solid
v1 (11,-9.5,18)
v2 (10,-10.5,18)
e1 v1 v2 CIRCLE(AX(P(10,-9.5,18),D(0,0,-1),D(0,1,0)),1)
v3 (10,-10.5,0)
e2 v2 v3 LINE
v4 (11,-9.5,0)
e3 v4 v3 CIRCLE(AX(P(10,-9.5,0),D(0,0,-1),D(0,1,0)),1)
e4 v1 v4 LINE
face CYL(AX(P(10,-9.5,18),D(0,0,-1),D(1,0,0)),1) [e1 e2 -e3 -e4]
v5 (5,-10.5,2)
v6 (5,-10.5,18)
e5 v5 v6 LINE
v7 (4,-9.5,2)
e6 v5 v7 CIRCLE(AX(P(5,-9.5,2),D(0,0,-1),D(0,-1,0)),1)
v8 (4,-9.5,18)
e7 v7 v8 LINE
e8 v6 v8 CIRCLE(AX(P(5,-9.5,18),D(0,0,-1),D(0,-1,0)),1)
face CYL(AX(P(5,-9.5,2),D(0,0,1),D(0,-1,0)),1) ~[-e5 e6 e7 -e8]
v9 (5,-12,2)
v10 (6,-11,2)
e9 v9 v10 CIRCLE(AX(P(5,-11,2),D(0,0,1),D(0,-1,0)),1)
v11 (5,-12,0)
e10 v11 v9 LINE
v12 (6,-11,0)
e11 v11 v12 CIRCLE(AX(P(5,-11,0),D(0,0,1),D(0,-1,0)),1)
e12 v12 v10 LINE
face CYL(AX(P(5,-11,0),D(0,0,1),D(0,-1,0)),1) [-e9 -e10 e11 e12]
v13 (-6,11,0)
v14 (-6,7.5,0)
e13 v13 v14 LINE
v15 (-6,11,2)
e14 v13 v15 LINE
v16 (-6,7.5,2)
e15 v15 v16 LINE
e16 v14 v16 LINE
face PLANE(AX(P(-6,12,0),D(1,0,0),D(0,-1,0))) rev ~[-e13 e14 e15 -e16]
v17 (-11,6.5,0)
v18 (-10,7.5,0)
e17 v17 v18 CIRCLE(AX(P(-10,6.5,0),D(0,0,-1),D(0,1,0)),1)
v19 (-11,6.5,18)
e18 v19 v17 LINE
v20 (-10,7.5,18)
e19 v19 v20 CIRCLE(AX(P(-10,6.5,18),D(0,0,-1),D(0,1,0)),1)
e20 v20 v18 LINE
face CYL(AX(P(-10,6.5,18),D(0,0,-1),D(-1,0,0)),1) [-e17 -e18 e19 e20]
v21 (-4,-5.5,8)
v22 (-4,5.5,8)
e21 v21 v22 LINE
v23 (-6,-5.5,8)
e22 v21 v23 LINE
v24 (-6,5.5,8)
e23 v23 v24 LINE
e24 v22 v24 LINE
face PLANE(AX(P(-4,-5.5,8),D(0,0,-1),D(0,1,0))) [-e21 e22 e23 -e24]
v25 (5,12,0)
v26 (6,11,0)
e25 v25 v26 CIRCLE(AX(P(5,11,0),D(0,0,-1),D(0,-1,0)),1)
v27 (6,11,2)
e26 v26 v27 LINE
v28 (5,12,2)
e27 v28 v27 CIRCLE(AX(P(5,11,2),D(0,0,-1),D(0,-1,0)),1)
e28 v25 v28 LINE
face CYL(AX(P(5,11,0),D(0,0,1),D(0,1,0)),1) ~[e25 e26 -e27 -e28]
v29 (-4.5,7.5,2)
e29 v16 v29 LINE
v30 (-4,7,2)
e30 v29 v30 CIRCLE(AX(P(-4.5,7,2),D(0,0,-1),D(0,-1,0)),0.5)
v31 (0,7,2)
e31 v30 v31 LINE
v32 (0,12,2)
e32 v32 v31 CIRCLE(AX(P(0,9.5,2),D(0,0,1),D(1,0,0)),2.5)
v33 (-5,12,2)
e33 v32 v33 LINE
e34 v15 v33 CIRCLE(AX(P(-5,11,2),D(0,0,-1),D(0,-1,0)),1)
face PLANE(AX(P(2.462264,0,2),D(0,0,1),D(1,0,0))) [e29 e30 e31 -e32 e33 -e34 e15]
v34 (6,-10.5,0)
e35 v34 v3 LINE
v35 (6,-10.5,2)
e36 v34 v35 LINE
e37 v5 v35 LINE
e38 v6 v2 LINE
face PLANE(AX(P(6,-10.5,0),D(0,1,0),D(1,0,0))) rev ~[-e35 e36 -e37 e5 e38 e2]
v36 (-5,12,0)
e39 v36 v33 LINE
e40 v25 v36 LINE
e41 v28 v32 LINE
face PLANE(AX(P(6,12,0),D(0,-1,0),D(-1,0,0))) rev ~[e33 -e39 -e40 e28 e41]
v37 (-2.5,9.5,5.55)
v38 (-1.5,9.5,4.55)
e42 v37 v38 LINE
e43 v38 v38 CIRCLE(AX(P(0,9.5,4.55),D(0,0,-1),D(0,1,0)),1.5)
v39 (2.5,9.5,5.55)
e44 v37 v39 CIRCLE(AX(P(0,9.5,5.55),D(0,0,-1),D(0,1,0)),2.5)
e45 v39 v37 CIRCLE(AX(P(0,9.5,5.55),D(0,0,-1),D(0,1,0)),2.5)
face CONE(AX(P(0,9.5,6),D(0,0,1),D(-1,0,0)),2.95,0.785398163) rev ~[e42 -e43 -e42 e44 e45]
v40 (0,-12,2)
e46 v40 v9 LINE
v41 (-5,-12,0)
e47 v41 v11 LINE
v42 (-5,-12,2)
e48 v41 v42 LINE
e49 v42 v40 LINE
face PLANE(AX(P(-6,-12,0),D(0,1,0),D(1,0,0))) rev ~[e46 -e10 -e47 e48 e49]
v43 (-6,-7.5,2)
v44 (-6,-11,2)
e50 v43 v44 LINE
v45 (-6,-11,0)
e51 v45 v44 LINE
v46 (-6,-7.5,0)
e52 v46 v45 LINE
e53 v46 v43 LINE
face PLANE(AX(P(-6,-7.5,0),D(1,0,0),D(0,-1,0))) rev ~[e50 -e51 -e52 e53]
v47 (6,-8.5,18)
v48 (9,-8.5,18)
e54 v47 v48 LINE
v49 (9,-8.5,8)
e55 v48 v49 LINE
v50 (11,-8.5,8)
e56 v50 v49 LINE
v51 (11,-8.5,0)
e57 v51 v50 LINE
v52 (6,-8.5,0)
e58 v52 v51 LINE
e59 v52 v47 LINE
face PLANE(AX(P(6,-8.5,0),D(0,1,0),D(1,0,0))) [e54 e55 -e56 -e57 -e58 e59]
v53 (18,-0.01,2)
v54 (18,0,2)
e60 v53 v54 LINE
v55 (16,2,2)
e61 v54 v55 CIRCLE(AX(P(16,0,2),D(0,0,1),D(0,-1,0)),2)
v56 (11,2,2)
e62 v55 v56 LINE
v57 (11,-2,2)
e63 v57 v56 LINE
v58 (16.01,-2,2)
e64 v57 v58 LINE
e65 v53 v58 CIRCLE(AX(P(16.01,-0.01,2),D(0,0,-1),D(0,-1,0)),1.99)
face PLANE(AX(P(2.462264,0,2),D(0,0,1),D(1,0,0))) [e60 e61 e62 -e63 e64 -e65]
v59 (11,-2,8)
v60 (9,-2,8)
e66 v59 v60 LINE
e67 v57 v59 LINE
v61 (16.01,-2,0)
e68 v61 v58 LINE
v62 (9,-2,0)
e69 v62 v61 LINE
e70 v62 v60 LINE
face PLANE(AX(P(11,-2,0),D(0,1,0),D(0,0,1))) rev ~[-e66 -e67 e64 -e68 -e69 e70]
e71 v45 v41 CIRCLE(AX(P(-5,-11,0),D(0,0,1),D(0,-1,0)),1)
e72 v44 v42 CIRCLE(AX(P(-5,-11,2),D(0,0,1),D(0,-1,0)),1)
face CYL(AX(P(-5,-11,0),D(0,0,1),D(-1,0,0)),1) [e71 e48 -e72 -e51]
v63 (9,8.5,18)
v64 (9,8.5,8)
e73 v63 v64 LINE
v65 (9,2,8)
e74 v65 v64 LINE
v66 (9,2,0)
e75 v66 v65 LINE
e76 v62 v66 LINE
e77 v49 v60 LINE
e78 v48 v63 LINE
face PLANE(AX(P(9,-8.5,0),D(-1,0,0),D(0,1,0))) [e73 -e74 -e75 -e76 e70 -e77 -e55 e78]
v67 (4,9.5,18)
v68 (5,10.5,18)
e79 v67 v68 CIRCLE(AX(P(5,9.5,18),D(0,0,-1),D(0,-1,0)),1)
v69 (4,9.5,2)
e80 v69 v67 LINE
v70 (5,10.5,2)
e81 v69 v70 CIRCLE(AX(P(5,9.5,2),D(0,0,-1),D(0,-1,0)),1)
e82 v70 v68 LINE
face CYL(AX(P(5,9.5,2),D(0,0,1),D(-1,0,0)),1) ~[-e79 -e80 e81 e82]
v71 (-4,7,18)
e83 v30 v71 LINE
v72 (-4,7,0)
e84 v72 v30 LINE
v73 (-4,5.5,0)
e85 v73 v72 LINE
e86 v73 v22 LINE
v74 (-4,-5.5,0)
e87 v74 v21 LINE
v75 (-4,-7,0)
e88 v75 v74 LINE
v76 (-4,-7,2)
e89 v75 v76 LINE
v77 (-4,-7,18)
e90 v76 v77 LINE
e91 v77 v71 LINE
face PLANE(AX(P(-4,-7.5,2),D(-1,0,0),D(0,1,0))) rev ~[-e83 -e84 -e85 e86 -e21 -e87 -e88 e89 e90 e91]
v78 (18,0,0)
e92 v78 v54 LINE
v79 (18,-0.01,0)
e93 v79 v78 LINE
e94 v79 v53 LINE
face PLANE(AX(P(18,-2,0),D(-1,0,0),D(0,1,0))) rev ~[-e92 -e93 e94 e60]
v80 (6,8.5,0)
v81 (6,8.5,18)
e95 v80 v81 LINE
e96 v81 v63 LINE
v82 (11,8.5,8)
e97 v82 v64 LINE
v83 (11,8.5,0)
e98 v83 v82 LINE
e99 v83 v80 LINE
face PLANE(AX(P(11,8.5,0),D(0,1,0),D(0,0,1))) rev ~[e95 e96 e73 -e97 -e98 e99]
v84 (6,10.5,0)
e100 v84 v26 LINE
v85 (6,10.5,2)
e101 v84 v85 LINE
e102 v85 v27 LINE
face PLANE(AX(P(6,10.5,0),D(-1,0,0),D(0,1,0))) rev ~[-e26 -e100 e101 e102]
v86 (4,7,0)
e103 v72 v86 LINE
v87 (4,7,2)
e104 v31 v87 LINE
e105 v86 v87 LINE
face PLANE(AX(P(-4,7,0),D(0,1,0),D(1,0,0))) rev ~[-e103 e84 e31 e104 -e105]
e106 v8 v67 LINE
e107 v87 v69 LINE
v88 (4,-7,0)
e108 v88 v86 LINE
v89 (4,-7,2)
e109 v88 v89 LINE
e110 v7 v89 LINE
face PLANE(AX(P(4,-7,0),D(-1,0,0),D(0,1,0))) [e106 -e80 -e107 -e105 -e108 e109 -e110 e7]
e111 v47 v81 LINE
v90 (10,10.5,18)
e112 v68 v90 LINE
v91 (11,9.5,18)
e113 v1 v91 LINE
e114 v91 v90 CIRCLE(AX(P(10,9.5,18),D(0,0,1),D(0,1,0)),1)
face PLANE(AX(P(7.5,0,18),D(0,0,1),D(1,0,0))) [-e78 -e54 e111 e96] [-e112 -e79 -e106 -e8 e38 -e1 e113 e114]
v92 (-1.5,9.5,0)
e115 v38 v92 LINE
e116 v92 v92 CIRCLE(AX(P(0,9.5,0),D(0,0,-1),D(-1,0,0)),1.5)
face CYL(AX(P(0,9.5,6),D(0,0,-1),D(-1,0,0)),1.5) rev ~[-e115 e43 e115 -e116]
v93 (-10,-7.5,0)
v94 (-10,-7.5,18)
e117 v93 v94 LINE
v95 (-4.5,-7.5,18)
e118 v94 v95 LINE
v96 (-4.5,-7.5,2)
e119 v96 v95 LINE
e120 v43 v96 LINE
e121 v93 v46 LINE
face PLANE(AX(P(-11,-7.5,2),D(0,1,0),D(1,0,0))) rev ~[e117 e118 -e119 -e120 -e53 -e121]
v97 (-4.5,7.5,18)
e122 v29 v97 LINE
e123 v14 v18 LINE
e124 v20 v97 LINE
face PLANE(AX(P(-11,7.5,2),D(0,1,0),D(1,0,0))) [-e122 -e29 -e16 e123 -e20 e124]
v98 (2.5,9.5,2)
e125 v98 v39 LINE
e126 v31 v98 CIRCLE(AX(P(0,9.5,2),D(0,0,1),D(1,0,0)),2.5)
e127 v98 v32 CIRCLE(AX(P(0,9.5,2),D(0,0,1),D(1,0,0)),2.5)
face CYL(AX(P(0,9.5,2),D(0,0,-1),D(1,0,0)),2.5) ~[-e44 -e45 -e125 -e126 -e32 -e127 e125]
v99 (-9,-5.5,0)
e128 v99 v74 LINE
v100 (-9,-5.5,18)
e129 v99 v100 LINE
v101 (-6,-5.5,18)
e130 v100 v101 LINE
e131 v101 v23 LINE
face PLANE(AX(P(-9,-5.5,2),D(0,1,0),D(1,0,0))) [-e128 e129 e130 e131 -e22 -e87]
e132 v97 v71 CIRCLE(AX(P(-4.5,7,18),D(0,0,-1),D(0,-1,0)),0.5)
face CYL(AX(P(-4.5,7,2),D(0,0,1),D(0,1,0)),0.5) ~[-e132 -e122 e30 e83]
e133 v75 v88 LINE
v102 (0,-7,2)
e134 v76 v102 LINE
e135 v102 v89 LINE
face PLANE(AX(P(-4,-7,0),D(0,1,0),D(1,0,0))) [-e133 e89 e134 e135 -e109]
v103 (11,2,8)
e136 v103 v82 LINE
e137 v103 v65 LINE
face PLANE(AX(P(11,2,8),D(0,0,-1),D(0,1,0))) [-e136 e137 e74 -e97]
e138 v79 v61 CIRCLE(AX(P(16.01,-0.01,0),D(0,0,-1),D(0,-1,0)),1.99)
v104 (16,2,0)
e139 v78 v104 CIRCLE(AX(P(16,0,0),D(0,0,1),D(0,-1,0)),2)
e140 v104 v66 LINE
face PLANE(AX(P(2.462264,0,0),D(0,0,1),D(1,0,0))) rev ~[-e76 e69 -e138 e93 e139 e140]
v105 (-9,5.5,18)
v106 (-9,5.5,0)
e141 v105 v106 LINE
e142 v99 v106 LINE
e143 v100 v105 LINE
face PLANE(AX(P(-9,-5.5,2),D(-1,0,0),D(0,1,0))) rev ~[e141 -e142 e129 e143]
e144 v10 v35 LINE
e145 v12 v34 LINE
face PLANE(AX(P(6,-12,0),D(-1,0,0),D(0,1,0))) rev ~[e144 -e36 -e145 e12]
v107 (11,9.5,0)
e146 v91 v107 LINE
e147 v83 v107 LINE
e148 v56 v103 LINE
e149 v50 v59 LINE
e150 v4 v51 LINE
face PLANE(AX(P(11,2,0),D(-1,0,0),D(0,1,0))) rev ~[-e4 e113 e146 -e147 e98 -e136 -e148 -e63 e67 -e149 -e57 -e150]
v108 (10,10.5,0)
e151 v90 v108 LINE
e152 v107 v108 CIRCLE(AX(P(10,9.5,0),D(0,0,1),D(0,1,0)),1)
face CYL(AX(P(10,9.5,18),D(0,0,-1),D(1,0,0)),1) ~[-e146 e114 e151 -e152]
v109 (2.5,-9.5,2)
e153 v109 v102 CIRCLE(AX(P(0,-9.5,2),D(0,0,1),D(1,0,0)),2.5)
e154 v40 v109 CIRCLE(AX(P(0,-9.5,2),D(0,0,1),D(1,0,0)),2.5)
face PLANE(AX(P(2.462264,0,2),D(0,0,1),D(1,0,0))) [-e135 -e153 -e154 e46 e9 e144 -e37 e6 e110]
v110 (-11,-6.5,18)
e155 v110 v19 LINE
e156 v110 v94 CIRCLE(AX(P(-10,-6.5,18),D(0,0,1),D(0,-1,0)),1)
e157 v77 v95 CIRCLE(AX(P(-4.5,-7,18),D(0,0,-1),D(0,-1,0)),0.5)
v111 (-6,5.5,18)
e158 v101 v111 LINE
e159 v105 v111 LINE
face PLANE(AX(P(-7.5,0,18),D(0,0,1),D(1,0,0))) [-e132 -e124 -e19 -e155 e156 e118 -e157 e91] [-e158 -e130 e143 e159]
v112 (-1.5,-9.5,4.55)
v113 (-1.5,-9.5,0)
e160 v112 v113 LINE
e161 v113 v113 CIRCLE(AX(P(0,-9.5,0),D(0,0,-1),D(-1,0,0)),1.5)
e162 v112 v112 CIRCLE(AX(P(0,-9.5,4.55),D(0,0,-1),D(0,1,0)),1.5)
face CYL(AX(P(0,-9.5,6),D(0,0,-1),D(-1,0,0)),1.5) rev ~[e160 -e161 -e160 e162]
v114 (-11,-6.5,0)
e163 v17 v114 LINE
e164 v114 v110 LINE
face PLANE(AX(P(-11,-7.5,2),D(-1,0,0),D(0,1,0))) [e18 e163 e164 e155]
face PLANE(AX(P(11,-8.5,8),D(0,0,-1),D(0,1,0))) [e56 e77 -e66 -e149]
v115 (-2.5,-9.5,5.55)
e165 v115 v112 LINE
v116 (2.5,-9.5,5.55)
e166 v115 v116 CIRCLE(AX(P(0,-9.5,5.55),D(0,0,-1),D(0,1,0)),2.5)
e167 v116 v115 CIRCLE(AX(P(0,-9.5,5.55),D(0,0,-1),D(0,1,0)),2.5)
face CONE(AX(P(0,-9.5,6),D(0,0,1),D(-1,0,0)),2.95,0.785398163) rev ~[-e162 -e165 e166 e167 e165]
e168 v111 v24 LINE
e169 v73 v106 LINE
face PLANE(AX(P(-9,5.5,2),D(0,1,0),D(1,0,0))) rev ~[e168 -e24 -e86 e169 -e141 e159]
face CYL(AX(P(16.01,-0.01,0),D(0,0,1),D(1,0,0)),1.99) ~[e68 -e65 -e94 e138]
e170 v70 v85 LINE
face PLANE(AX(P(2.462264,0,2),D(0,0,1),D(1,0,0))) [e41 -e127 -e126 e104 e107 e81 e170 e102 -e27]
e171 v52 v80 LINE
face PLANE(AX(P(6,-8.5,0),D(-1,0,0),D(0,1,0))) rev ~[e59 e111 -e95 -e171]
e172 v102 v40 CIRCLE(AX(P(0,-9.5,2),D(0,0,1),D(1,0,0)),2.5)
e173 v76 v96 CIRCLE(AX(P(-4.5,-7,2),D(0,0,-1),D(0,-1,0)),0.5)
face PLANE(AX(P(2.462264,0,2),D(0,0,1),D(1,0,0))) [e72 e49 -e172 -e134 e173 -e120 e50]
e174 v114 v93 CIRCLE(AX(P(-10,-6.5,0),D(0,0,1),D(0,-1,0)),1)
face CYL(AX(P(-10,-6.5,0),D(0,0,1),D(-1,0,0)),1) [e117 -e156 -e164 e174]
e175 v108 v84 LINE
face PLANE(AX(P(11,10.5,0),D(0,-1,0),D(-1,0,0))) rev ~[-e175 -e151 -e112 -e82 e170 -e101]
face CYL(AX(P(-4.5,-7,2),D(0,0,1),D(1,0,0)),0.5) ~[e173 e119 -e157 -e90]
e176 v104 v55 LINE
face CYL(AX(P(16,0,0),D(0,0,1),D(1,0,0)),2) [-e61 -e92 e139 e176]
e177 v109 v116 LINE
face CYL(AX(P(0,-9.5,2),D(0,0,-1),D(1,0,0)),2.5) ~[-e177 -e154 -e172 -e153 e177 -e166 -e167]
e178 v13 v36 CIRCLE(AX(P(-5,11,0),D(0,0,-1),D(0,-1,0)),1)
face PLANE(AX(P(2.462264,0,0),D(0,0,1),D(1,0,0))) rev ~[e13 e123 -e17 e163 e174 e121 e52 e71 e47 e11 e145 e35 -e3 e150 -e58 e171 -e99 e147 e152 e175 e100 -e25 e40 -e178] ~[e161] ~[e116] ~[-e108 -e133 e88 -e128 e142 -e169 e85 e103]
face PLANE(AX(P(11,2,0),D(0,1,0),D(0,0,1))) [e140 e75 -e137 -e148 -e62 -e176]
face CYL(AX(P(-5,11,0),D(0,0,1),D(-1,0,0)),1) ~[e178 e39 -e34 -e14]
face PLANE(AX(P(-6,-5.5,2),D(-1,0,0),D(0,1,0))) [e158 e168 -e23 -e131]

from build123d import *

# Parameters (mm, degrees)
SKETCH001_W      = 8
SKETCH001_H      = 14
SKETCH001_W_2    = 3
SKETCH001_H_2    = 17
SKETCH001_H_3    = 11
PAD_DEPTH        = 2
SKETCH_R         = 2.5
PAD001_DEPTH     = 4
HOLE_D           = 3
HOLE_DEPTH       = 25
HOLE_CSINK_D     = 5.9
HOLE_CSINK_ANGLE = 90
SKETCH003_W      = 7
SKETCH003_H      = 15
SKETCH003_W_2    = 3
SKETCH003_H_2    = 11
SKETCH003_H_3    = 21
SKETCH003_H_4    = 17
PAD002_DEPTH     = 16
SKETCH004_W      = 6.5
SKETCH004_H      = 8
POCKET_DEPTH     = 2
SKETCH005_W      = 11
SKETCH005_H      = 8
POCKET001_DEPTH  = 2
FILLET_R         = 2
FILLET001_R      = 1.99
FILLET002_R      = 1
FILLET003_R      = 1
FILLET004_R      = 1
FILLET005_R      = 1
FILLET006_R      = 1
FILLET007_R      = 1
FILLET008_R      = 0.5
FILLET009_R      = 0.5
FILLET010_R      = 1
FILLET011_R      = 1
FILLET012_R      = 1
FILLET013_R      = 1


with BuildPart() as part:
    # Sketch001 → Pad (new body)
    with BuildSketch(Plane.XY):
        Polygon((6, 12), (-6, 12), (-6, 7.5), (-11, 7.5), (-11, -7.5), (-6, -7.5), (-6, -12), (6, -12), (6, -10.5), (11, -10.5), (11, -2), (18, -2), (18, 2), (11, 2), (11, 10.5), (6, 10.5), align=None)
        Rectangle(SKETCH001_W, SKETCH001_H, mode=Mode.SUBTRACT)
        with Locations((7.5, 0)):
            Rectangle(SKETCH001_W_2, SKETCH001_H_2, mode=Mode.SUBTRACT)
        with Locations((-7.5, 0)):
            Rectangle(SKETCH001_W_2, SKETCH001_H_3, mode=Mode.SUBTRACT)
    extrude(amount=PAD_DEPTH)

    # Sketch (on Face30 of Pad) → Pad001 (join)
    with BuildSketch(Plane.XY.offset(2)):
        with Locations((0, 9.5)):
            Circle(SKETCH_R)
        with Locations((0, -9.5)):
            Circle(SKETCH_R)
    extrude(amount=PAD001_DEPTH)

    # Hole
    with Locations(Plane.XY.offset(6)):
        with Locations((0, 9.5), (0, -9.5)):
            CounterSinkHole(HOLE_D / 2, HOLE_CSINK_D / 2, depth=HOLE_DEPTH, counter_sink_angle=HOLE_CSINK_ANGLE)

    # Sketch003 (on Face5 of Hole) → Pad002 (join)
    with BuildSketch(Plane.XY.offset(2)):
        with Locations((-7.5, 0)):
            Rectangle(SKETCH003_W, SKETCH003_H)
        with Locations((-7.5, 0)):
            Rectangle(SKETCH003_W_2, SKETCH003_H_2, mode=Mode.SUBTRACT)
        with Locations((7.5, 0)):
            Rectangle(SKETCH003_W, SKETCH003_H_3)
        with Locations((7.5, 0)):
            Rectangle(SKETCH003_W_2, SKETCH003_H_4, mode=Mode.SUBTRACT)
    extrude(amount=PAD002_DEPTH)

    # Sketch004 (on Face37 of Pad002) → Pocket (cut)
    with BuildSketch(Plane.YZ.offset(11)):
        with Locations((-5.25, 4)):
            Rectangle(SKETCH004_W, SKETCH004_H)
        with Locations((5.25, 4)):
            Rectangle(SKETCH004_W, SKETCH004_H)
    extrude(amount=-POCKET_DEPTH, mode=Mode.SUBTRACT)

    # Sketch005 (on Face37 of Pocket) → Pocket001 (cut)
    with BuildSketch(Plane.YZ.offset(-4)):
        with Locations((0, 4)):
            Rectangle(SKETCH005_W, SKETCH005_H)
    extrude(amount=-POCKET001_DEPTH, mode=Mode.SUBTRACT)

    # Fillet
    fillet_edges = [part.edges().sort_by_distance(p)[0] for p in [
        (18, 2, 1),
    ]]
    fillet(fillet_edges, radius=FILLET_R)

    # Fillet001
    fillet001_edges = [part.edges().sort_by_distance(p)[0] for p in [
        (18, -2, 1),
    ]]
    fillet(fillet001_edges, radius=FILLET001_R)

    # Fillet002
    fillet002_edges = [part.edges().sort_by_distance(p)[0] for p in [
        (11, 10.5, 10),
    ]]
    fillet(fillet002_edges, radius=FILLET002_R)

    # Fillet003
    fillet003_edges = [part.edges().sort_by_distance(p)[0] for p in [
        (11, -10.5, 10),
    ]]
    fillet(fillet003_edges, radius=FILLET003_R)

    # Fillet004
    fillet004_edges = [part.edges().sort_by_distance(p)[0] for p in [
        (4, -10.5, 10),
    ]]
    fillet(fillet004_edges, radius=FILLET004_R)

    # Fillet005
    fillet005_edges = [part.edges().sort_by_distance(p)[0] for p in [
        (4, 10.5, 10),
    ]]
    fillet(fillet005_edges, radius=FILLET005_R)

    # Fillet006
    fillet006_edges = [part.edges().sort_by_distance(p)[0] for p in [
        (-11, 7.5, 10),
    ]]
    fillet(fillet006_edges, radius=FILLET006_R)

    # Fillet007
    fillet007_edges = [part.edges().sort_by_distance(p)[0] for p in [
        (-11, -7.5, 10),
    ]]
    fillet(fillet007_edges, radius=FILLET007_R)

    # Fillet008
    fillet008_edges = [part.edges().sort_by_distance(p)[0] for p in [
        (-4, 7.5, 10),
    ]]
    fillet(fillet008_edges, radius=FILLET008_R)

    # Fillet009
    fillet009_edges = [part.edges().sort_by_distance(p)[0] for p in [
        (-4, -7.5, 10),
    ]]
    fillet(fillet009_edges, radius=FILLET009_R)

    # Fillet010
    fillet010_edges = [part.edges().sort_by_distance(p)[0] for p in [
        (-6, -12, 1),
    ]]
    fillet(fillet010_edges, radius=FILLET010_R)

    # Fillet011
    fillet011_edges = [part.edges().sort_by_distance(p)[0] for p in [
        (6, -12, 1),
    ]]
    fillet(fillet011_edges, radius=FILLET011_R)

    # Fillet012
    fillet012_edges = [part.edges().sort_by_distance(p)[0] for p in [
        (-6, 12, 1),
    ]]
    fillet(fillet012_edges, radius=FILLET012_R)

    # Fillet013
    fillet013_edges = [part.edges().sort_by_distance(p)[0] for p in [
        (6, 12, 1),
    ]]
    fillet(fillet013_edges, radius=FILLET013_R)


solid = part.part
